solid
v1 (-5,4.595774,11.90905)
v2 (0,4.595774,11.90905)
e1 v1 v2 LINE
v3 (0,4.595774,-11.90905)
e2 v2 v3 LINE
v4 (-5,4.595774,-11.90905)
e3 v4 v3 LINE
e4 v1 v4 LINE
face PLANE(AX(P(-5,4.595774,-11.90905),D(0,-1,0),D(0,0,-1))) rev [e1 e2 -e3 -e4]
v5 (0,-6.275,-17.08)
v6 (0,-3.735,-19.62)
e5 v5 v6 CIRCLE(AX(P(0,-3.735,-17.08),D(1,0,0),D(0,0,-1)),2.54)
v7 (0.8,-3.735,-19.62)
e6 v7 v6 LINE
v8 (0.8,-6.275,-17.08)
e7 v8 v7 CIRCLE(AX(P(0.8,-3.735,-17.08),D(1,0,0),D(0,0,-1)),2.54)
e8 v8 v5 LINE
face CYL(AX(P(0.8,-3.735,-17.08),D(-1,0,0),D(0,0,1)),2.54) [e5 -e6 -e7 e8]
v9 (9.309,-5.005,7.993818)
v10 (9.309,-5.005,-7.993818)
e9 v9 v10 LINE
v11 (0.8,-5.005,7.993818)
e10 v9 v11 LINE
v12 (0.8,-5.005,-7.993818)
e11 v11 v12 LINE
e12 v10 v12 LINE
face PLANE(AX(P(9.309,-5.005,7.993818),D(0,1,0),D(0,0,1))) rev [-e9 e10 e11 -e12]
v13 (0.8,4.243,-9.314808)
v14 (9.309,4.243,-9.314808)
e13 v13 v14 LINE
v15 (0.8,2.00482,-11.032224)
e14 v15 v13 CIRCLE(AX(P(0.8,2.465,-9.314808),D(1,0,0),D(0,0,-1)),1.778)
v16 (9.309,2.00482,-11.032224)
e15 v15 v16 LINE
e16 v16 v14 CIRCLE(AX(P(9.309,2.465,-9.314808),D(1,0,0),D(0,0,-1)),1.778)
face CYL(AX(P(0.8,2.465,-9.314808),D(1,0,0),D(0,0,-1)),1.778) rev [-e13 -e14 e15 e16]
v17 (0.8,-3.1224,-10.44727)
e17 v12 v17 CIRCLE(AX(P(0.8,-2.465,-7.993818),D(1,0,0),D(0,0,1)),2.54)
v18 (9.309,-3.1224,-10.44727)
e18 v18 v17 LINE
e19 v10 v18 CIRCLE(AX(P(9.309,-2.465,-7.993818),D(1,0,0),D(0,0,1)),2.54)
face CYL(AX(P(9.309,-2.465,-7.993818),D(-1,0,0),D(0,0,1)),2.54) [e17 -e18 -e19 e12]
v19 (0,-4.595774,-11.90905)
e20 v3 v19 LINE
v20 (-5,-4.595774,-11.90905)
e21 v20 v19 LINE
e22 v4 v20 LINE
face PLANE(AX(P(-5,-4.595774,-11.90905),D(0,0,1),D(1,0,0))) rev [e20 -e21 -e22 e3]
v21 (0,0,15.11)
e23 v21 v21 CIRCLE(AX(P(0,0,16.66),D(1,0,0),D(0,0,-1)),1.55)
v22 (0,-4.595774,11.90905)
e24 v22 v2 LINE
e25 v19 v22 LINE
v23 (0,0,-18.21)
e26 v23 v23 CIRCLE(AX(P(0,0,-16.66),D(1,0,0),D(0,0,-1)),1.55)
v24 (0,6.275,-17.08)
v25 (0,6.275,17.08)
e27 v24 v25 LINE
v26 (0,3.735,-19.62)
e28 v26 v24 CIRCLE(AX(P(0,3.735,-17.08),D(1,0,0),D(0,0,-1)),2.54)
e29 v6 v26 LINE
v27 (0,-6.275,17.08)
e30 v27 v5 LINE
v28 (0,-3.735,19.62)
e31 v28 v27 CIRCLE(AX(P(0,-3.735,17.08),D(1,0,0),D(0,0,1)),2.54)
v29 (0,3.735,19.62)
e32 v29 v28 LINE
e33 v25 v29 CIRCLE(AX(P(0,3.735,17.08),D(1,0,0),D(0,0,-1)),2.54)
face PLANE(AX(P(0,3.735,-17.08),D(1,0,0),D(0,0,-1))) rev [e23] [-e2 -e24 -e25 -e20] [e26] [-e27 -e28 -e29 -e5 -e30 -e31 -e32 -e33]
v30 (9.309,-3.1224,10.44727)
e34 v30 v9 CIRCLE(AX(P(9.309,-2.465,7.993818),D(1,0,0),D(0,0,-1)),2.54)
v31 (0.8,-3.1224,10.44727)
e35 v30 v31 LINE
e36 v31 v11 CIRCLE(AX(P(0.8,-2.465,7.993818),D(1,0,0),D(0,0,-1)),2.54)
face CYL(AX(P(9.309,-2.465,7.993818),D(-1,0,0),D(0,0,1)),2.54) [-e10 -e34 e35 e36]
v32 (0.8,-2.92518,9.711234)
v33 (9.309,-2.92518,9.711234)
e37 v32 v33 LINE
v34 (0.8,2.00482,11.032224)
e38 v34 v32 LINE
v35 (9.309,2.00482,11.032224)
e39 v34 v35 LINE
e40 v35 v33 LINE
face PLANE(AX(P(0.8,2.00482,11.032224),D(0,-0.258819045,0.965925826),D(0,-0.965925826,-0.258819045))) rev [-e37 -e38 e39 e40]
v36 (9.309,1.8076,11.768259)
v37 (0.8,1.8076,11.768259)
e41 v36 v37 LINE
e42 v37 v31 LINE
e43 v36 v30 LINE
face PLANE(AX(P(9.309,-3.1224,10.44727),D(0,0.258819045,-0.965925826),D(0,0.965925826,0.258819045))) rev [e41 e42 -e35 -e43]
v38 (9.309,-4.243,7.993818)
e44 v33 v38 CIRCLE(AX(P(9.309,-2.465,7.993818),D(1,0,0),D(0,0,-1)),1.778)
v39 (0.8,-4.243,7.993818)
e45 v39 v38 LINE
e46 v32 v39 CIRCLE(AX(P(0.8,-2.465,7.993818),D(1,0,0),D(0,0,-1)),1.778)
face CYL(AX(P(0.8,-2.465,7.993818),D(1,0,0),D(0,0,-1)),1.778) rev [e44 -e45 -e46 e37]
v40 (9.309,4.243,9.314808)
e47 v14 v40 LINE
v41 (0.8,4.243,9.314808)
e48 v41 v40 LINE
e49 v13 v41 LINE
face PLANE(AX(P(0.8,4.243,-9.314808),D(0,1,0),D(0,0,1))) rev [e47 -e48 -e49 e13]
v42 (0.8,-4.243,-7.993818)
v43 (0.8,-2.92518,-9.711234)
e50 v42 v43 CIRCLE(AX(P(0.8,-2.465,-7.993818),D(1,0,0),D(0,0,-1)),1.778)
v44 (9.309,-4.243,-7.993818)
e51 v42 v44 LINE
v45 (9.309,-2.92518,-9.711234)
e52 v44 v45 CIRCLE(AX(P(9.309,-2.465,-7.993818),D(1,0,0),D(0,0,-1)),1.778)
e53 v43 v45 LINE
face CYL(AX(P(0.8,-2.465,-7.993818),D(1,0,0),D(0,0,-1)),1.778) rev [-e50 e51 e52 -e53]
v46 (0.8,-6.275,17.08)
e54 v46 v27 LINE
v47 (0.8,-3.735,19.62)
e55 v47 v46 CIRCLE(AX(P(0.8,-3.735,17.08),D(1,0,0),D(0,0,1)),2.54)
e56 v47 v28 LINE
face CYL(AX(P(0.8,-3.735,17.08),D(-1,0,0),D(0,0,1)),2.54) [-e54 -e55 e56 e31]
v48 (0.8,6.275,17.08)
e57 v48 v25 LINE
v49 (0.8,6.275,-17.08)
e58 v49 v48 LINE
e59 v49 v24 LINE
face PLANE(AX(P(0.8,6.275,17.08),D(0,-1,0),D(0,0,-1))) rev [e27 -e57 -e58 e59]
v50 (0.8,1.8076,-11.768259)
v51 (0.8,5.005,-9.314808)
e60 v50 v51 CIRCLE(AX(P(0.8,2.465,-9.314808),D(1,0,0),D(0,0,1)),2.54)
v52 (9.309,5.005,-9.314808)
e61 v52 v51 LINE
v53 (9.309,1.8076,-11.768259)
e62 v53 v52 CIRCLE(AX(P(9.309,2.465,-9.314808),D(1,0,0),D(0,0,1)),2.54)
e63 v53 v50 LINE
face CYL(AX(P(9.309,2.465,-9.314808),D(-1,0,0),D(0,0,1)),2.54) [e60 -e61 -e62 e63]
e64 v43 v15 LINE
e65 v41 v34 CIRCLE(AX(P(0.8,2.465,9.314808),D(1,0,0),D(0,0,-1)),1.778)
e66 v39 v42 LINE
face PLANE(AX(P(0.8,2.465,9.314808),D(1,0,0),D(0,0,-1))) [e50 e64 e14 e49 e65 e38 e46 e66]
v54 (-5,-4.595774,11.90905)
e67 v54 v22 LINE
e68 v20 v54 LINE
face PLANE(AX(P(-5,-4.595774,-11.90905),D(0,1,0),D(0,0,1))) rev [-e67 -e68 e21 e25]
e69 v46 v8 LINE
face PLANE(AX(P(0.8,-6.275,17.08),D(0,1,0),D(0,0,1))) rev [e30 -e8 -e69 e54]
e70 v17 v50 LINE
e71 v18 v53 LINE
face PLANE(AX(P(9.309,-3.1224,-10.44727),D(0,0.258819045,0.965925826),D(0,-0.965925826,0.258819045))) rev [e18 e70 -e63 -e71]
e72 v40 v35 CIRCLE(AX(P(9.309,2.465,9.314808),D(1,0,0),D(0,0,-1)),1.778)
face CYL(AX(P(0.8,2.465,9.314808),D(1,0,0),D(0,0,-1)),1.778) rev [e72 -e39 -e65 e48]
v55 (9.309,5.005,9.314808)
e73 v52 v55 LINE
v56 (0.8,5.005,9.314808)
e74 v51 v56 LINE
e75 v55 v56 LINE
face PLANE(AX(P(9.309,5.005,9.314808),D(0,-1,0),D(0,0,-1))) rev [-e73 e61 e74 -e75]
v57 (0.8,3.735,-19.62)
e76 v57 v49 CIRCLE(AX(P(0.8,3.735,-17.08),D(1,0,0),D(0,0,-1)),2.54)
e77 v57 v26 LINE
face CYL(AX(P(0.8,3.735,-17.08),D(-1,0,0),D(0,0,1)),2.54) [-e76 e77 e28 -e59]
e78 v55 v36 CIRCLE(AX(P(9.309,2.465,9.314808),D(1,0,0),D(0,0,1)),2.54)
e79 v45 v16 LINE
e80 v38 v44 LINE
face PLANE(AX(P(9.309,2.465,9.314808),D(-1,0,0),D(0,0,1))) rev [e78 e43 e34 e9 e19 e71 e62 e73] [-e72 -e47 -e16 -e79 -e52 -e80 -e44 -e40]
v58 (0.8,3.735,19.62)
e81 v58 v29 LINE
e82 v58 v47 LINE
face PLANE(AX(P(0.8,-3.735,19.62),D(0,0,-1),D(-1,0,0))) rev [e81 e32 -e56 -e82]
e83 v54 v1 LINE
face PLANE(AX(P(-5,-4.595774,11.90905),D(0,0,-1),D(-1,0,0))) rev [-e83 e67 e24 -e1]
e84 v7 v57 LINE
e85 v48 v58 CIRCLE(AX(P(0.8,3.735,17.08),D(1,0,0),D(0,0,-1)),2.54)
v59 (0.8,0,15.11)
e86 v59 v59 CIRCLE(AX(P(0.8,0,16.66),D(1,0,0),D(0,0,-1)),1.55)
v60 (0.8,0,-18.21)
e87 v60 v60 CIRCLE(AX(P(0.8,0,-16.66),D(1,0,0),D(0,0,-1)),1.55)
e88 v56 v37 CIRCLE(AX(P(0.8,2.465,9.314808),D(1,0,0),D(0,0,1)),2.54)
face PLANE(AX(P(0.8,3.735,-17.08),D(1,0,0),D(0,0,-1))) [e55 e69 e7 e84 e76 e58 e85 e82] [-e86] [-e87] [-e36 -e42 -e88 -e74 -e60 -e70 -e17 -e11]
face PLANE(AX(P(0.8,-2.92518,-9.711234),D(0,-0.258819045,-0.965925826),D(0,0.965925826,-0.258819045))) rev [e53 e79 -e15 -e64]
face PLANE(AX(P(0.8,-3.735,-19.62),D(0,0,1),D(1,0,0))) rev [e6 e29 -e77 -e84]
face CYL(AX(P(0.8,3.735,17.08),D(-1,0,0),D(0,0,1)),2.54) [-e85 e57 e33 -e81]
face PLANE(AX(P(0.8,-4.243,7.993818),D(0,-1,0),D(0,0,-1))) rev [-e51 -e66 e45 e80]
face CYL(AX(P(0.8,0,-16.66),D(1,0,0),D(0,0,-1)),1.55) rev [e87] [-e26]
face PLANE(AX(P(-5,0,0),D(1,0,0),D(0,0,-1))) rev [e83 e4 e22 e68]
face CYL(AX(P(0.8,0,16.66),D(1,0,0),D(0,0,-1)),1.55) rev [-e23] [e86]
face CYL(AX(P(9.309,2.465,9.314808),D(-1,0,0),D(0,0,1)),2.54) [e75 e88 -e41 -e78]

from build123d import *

# Parameters (mm, degrees)
BOSS_EXTRUDE1_DEPTH      = 0.8
BOSS_EXTRUDE2_DEPTH      = 8.509
CUT_EXTRUDE1_DEPTH       = 8.509
X_0_397_DIAMETER_HOLE1_D = 3.099999896
SKETCH8_W                = 23.81809924
SKETCH8_H                = 9.191548364
BOSS_EXTRUDE4_DEPTH      = 5


with BuildPart() as part:
    # Sketch1 → Boss-Extrude1 (new body)
    with BuildSketch(Plane(origin=(0, 0, 0), x_dir=(0, 0, -1), z_dir=(1, 0, 0))):
        with BuildLine():
            Line((-17.08, -6.275), (17.08, -6.275))
            ThreePointArc((17.08, -6.275), (18.876051224, -5.531051224), (19.62, -3.735))
            Line((19.62, -3.735), (19.62, 3.735))
            ThreePointArc((19.62, 3.735), (18.876051224, 5.531051224), (17.08, 6.275))
            Line((17.08, 6.275), (-17.08, 6.275))
            ThreePointArc((-17.08, 6.275), (-18.876051224, 5.531051224), (-19.62, 3.735))
            Line((-19.62, 3.735), (-19.62, -3.735))
            ThreePointArc((-19.62, -3.735), (-18.876051224, -5.531051224), (-17.08, -6.275))
        make_face()
    extrude(amount=BOSS_EXTRUDE1_DEPTH)

    # Sketch2 → Boss-Extrude2 (add)
    with BuildSketch(Plane(origin=(0.8, 0, 0), x_dir=(0, 0, -1), z_dir=(1, 0, 0))):
        with BuildLine():
            Line((-9.314807553, 5.005), (9.314807553, 5.005))
            ThreePointArc((9.314807553, 5.005), (11.329925037, 4.01125403), (11.768259152, 1.807599625))
            Line((11.768259152, 1.807599625), (10.447269633, -3.122400375))
            ThreePointArc((10.447269633, -3.122400375), (9.540072064, -4.480117484), (7.993818034, -5.005))
            Line((7.993818034, -5.005), (-7.993818034, -5.005))
            ThreePointArc((-7.993818034, -5.005), (-9.540072064, -4.480117484), (-10.447269633, -3.122400375))
            Line((-10.447269633, -3.122400375), (-11.768259152, 1.807599625))
            ThreePointArc((-11.768259152, 1.807599625), (-11.329925037, 4.01125403), (-9.314807553, 5.005))
        make_face()
    extrude(amount=BOSS_EXTRUDE2_DEPTH)

    # Sketch3 → Cut-Extrude1 (cut)
    with BuildSketch(Plane(origin=(9.309, 0, 0), x_dir=(0, 0, -1), z_dir=(1, 0, 0))):
        with BuildLine():
            Line((-11.032223672, 2.004819738), (-9.711234153, -2.925180262))
            ThreePointArc((-9.711234153, -2.925180262), (-9.076195855, -3.875582239), (-7.993818034, -4.243))
            Line((-7.993818034, -4.243), (7.993818034, -4.243))
            ThreePointArc((7.993818034, -4.243), (9.076195855, -3.875582239), (9.711234153, -2.925180262))
            Line((9.711234153, -2.925180262), (11.032223672, 2.004819738))
            ThreePointArc((11.032223672, 2.004819738), (10.725389792, 3.547377821), (9.314807553, 4.243))
            Line((9.314807553, 4.243), (-9.314807553, 4.243))
            ThreePointArc((-9.314807553, 4.243), (-10.725389792, 3.547377821), (-11.032223672, 2.004819738))
        make_face()
    extrude(amount=-CUT_EXTRUDE1_DEPTH, mode=Mode.SUBTRACT)

    # X (0.397) Diameter Hole1 (through all)
    with Locations(Plane(origin=(0.8, 0, 0), x_dir=(0, 0, -1), z_dir=(1, 0, 0))):
        with Locations((-16.66, 0), (16.66, 0)):
            Hole(X_0_397_DIAMETER_HOLE1_D / 2)

    # Sketch8 → Boss-Extrude4 (add)
    with BuildSketch(Plane.ZY):
        Rectangle(SKETCH8_W, SKETCH8_H)
    extrude(amount=BOSS_EXTRUDE4_DEPTH)


solid = part.part
